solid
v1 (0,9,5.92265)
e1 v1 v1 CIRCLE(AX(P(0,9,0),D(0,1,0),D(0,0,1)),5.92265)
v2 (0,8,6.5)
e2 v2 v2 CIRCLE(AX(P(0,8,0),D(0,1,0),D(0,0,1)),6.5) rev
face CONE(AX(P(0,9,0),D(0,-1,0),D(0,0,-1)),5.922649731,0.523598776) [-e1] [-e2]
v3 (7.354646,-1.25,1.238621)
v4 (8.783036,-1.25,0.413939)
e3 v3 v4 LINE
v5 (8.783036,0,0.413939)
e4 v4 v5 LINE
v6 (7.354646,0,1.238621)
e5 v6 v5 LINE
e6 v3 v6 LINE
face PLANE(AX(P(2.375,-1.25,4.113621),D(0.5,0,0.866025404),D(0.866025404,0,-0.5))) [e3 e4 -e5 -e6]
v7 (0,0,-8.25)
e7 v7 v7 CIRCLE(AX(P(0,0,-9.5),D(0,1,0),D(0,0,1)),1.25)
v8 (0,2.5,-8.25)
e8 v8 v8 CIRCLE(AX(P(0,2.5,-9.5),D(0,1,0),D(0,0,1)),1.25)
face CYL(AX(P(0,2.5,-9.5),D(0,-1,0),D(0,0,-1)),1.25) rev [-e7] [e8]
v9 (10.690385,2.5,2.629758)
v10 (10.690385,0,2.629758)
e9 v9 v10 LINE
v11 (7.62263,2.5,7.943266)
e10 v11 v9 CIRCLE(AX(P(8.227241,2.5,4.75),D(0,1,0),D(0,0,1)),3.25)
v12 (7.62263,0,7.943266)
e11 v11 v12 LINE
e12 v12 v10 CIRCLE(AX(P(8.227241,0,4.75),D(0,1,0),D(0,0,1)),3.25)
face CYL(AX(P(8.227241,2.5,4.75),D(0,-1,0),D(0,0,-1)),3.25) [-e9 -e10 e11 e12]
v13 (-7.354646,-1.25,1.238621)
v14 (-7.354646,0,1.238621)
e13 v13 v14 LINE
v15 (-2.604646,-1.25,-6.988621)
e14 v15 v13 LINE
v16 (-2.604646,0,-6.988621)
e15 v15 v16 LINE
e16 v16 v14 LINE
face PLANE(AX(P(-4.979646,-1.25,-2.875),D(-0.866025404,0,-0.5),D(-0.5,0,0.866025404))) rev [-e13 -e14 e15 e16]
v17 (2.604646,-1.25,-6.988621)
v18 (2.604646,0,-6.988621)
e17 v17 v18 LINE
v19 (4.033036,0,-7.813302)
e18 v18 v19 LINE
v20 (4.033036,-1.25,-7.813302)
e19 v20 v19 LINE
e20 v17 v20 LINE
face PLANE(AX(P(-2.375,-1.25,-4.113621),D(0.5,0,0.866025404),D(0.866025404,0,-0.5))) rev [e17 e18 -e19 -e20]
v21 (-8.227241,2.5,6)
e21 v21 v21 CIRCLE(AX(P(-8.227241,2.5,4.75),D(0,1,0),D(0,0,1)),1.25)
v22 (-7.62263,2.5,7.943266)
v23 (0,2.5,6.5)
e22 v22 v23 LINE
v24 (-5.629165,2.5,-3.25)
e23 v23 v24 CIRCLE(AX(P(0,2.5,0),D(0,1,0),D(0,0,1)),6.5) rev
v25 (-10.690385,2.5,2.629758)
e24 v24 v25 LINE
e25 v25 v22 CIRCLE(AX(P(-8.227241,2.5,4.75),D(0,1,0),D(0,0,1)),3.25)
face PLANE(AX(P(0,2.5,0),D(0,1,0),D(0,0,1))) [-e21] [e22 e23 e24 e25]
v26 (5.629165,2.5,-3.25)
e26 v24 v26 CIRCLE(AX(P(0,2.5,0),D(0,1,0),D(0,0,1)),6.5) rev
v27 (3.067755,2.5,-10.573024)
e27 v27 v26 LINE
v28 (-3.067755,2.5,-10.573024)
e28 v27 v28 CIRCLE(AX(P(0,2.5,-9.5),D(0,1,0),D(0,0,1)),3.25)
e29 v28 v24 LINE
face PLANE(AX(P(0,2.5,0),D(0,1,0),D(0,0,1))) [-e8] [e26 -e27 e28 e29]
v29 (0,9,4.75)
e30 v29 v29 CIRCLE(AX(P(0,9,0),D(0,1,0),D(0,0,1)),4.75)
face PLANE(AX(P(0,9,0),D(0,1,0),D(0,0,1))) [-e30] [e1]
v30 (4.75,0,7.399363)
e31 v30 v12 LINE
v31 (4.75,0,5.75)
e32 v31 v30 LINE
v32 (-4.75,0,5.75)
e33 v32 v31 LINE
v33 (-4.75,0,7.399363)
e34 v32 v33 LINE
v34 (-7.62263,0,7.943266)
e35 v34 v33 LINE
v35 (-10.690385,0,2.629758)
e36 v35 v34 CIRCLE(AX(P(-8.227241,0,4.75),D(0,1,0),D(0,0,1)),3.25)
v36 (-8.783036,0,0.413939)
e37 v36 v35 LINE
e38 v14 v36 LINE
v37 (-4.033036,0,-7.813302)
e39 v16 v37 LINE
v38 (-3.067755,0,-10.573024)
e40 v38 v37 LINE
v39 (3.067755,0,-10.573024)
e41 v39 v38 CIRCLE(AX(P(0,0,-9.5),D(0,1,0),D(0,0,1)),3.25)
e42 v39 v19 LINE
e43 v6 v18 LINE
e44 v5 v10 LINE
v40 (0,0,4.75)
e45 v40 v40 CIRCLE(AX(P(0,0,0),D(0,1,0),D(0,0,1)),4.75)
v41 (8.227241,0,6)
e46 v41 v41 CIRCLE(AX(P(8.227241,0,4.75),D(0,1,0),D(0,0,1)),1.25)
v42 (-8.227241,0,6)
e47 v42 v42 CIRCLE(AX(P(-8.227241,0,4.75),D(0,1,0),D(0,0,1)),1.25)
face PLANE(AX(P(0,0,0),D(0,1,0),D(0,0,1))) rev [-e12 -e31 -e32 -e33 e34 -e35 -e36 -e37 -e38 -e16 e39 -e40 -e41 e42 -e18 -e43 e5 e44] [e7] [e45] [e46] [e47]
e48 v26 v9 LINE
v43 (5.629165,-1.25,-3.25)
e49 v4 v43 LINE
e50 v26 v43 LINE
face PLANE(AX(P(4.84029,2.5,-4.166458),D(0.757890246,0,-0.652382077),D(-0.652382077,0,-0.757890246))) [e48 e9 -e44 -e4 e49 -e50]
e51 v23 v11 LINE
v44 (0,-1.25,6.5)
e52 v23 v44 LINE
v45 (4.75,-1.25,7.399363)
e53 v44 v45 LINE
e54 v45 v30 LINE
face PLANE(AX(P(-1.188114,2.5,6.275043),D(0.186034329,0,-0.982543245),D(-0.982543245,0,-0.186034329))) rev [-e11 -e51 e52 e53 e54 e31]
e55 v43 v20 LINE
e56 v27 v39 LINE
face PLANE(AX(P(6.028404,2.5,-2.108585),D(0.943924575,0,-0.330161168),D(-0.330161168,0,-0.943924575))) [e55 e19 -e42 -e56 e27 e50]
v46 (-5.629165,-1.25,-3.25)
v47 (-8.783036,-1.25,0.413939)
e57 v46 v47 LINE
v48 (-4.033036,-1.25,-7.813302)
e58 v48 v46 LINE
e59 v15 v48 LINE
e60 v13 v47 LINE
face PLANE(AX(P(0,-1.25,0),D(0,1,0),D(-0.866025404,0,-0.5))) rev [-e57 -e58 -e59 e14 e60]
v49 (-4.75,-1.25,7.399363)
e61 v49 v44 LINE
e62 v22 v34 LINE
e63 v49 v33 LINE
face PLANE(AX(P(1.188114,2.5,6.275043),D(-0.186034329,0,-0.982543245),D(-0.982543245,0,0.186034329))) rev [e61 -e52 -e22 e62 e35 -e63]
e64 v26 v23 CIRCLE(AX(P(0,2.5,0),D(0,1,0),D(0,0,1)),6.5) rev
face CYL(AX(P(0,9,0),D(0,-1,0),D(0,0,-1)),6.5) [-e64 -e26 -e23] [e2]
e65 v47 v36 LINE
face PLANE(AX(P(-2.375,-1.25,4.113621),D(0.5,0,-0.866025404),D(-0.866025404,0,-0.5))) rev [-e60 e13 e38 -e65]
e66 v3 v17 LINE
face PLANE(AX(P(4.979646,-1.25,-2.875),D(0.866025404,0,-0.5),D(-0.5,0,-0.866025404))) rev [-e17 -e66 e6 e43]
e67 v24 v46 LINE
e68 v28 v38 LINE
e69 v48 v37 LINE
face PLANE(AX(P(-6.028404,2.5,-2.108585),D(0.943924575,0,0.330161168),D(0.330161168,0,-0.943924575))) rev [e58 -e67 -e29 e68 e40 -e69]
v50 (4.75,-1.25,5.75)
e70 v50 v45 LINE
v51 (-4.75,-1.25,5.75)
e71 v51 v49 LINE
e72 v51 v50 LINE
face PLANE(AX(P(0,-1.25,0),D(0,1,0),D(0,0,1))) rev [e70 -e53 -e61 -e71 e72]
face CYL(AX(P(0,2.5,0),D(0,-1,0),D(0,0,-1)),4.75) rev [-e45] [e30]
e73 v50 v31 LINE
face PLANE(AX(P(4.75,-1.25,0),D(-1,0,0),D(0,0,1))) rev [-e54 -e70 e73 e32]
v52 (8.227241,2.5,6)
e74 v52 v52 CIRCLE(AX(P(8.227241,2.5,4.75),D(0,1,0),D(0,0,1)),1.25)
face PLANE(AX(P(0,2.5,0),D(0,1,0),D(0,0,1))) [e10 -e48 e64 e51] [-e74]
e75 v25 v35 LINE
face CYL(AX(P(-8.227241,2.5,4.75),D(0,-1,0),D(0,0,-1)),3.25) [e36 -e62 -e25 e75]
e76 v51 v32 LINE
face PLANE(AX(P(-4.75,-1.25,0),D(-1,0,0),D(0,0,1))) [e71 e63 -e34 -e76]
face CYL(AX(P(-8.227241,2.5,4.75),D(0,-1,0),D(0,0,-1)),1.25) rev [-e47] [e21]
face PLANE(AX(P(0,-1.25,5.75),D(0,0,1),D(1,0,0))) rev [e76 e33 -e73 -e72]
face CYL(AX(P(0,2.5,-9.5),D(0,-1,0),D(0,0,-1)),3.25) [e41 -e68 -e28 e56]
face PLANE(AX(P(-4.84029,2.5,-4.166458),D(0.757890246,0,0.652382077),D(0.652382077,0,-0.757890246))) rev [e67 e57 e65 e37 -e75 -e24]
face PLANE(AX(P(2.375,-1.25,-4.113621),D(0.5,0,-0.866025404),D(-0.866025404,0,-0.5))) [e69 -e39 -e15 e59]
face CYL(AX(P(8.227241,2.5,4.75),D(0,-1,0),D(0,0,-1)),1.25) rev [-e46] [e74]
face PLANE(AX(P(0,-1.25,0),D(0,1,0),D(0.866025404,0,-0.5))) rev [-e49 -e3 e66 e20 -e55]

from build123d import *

# Parameters (mm, degrees)
SKETCH1_R           = 1.25
SKETCH1_R_2         = 4.75
BOSS_EXTRUDE1_DEPTH = 2.5
SKETCH1_9_R         = 6.5
SKETCH1_9_R_2       = 4.75
BOSS_EXTRUDE2_DEPTH = 9
CHAMFER1_SIZE       = 1
CHAMFER1_SIZE2      = 0.577350269
BOSS_EXTRUDE3_DEPTH = 1.25
CIRPATTERN1_COUNT   = 3


with BuildPart() as part:
    # Sketch1 → Boss-Extrude1 (new body)
    with BuildSketch(Plane(origin=(0, 0, 0), x_dir=(1, 0, 0), z_dir=(0, 1, 0))):
        with BuildLine():
            ThreePointArc((3.067754869, 10.573023795), (0, 12.75), (-3.067754869, 10.573023795))
            Line((-3.067754869, 10.573023795), (-5.629165125, 3.25))
            Line((-5.629165125, 3.25), (-10.690384636, -2.629758248))
            ThreePointArc((-10.690384636, -2.629758248), (-11.041823898, -6.375), (-7.622629767, -7.943265547))
            Line((-7.622629767, -7.943265547), (0, -6.5))
            Line((0, -6.5), (7.622629767, -7.943265547))
            ThreePointArc((7.622629767, -7.943265547), (11.041823898, -6.375), (10.690384636, -2.629758248))
            Line((10.690384636, -2.629758248), (5.629165125, 3.25))
            Line((5.629165125, 3.25), (3.067754869, 10.573023795))
        make_face()
        with Locations((0, 9.5)):
            Circle(SKETCH1_R, mode=Mode.SUBTRACT)
        Circle(SKETCH1_R_2, mode=Mode.SUBTRACT)
        with Locations((-8.227241336, -4.75)):
            Circle(SKETCH1_R, mode=Mode.SUBTRACT)
        with Locations((8.227241336, -4.75)):
            Circle(SKETCH1_R, mode=Mode.SUBTRACT)
    extrude(amount=BOSS_EXTRUDE1_DEPTH)

    # Sketch1<9> → Boss-Extrude2 (add)
    with BuildSketch(Plane(origin=(0, 0, 0), x_dir=(1, 0, 0), z_dir=(0, 1, 0))):
        Circle(SKETCH1_9_R)
        Circle(SKETCH1_9_R_2, mode=Mode.SUBTRACT)
    extrude(amount=BOSS_EXTRUDE2_DEPTH)

    # Chamfer1
    chamfer1_edges = [part.edges().sort_by_distance(p)[0] for p in [
        (-6.5, 9, 0),
    ]]
    chamfer1_side = [part.faces().sort_by_distance(p)[0] for p in [
        (-6.5, 5.75, 0),
    ]]
    chamfer(chamfer1_edges, length=CHAMFER1_SIZE, length2=CHAMFER1_SIZE2, reference=chamfer1_side[0])

    # Sketch1<10> → Boss-Extrude3 (add)
    with BuildSketch(Plane(origin=(0, 0, 0), x_dir=(1, 0, 0), z_dir=(0, 1, 0))):
        Polygon((-4.75, -7.399363022), (0, -6.5), (4.75, -7.399363022), (4.75, -5.75), (-4.75, -5.75), align=None)
    boss_extrude3 = extrude(amount=-BOSS_EXTRUDE3_DEPTH)

    # CirPattern1: Boss-Extrude3 ×3 about axis
    cirpattern1_axis = Axis((0, 2.5, 0), (0, -1, 0))
    for i in range(1, CIRPATTERN1_COUNT):
        add(boss_extrude3.rotate(cirpattern1_axis, i * 360 / CIRPATTERN1_COUNT))


solid = part.part
